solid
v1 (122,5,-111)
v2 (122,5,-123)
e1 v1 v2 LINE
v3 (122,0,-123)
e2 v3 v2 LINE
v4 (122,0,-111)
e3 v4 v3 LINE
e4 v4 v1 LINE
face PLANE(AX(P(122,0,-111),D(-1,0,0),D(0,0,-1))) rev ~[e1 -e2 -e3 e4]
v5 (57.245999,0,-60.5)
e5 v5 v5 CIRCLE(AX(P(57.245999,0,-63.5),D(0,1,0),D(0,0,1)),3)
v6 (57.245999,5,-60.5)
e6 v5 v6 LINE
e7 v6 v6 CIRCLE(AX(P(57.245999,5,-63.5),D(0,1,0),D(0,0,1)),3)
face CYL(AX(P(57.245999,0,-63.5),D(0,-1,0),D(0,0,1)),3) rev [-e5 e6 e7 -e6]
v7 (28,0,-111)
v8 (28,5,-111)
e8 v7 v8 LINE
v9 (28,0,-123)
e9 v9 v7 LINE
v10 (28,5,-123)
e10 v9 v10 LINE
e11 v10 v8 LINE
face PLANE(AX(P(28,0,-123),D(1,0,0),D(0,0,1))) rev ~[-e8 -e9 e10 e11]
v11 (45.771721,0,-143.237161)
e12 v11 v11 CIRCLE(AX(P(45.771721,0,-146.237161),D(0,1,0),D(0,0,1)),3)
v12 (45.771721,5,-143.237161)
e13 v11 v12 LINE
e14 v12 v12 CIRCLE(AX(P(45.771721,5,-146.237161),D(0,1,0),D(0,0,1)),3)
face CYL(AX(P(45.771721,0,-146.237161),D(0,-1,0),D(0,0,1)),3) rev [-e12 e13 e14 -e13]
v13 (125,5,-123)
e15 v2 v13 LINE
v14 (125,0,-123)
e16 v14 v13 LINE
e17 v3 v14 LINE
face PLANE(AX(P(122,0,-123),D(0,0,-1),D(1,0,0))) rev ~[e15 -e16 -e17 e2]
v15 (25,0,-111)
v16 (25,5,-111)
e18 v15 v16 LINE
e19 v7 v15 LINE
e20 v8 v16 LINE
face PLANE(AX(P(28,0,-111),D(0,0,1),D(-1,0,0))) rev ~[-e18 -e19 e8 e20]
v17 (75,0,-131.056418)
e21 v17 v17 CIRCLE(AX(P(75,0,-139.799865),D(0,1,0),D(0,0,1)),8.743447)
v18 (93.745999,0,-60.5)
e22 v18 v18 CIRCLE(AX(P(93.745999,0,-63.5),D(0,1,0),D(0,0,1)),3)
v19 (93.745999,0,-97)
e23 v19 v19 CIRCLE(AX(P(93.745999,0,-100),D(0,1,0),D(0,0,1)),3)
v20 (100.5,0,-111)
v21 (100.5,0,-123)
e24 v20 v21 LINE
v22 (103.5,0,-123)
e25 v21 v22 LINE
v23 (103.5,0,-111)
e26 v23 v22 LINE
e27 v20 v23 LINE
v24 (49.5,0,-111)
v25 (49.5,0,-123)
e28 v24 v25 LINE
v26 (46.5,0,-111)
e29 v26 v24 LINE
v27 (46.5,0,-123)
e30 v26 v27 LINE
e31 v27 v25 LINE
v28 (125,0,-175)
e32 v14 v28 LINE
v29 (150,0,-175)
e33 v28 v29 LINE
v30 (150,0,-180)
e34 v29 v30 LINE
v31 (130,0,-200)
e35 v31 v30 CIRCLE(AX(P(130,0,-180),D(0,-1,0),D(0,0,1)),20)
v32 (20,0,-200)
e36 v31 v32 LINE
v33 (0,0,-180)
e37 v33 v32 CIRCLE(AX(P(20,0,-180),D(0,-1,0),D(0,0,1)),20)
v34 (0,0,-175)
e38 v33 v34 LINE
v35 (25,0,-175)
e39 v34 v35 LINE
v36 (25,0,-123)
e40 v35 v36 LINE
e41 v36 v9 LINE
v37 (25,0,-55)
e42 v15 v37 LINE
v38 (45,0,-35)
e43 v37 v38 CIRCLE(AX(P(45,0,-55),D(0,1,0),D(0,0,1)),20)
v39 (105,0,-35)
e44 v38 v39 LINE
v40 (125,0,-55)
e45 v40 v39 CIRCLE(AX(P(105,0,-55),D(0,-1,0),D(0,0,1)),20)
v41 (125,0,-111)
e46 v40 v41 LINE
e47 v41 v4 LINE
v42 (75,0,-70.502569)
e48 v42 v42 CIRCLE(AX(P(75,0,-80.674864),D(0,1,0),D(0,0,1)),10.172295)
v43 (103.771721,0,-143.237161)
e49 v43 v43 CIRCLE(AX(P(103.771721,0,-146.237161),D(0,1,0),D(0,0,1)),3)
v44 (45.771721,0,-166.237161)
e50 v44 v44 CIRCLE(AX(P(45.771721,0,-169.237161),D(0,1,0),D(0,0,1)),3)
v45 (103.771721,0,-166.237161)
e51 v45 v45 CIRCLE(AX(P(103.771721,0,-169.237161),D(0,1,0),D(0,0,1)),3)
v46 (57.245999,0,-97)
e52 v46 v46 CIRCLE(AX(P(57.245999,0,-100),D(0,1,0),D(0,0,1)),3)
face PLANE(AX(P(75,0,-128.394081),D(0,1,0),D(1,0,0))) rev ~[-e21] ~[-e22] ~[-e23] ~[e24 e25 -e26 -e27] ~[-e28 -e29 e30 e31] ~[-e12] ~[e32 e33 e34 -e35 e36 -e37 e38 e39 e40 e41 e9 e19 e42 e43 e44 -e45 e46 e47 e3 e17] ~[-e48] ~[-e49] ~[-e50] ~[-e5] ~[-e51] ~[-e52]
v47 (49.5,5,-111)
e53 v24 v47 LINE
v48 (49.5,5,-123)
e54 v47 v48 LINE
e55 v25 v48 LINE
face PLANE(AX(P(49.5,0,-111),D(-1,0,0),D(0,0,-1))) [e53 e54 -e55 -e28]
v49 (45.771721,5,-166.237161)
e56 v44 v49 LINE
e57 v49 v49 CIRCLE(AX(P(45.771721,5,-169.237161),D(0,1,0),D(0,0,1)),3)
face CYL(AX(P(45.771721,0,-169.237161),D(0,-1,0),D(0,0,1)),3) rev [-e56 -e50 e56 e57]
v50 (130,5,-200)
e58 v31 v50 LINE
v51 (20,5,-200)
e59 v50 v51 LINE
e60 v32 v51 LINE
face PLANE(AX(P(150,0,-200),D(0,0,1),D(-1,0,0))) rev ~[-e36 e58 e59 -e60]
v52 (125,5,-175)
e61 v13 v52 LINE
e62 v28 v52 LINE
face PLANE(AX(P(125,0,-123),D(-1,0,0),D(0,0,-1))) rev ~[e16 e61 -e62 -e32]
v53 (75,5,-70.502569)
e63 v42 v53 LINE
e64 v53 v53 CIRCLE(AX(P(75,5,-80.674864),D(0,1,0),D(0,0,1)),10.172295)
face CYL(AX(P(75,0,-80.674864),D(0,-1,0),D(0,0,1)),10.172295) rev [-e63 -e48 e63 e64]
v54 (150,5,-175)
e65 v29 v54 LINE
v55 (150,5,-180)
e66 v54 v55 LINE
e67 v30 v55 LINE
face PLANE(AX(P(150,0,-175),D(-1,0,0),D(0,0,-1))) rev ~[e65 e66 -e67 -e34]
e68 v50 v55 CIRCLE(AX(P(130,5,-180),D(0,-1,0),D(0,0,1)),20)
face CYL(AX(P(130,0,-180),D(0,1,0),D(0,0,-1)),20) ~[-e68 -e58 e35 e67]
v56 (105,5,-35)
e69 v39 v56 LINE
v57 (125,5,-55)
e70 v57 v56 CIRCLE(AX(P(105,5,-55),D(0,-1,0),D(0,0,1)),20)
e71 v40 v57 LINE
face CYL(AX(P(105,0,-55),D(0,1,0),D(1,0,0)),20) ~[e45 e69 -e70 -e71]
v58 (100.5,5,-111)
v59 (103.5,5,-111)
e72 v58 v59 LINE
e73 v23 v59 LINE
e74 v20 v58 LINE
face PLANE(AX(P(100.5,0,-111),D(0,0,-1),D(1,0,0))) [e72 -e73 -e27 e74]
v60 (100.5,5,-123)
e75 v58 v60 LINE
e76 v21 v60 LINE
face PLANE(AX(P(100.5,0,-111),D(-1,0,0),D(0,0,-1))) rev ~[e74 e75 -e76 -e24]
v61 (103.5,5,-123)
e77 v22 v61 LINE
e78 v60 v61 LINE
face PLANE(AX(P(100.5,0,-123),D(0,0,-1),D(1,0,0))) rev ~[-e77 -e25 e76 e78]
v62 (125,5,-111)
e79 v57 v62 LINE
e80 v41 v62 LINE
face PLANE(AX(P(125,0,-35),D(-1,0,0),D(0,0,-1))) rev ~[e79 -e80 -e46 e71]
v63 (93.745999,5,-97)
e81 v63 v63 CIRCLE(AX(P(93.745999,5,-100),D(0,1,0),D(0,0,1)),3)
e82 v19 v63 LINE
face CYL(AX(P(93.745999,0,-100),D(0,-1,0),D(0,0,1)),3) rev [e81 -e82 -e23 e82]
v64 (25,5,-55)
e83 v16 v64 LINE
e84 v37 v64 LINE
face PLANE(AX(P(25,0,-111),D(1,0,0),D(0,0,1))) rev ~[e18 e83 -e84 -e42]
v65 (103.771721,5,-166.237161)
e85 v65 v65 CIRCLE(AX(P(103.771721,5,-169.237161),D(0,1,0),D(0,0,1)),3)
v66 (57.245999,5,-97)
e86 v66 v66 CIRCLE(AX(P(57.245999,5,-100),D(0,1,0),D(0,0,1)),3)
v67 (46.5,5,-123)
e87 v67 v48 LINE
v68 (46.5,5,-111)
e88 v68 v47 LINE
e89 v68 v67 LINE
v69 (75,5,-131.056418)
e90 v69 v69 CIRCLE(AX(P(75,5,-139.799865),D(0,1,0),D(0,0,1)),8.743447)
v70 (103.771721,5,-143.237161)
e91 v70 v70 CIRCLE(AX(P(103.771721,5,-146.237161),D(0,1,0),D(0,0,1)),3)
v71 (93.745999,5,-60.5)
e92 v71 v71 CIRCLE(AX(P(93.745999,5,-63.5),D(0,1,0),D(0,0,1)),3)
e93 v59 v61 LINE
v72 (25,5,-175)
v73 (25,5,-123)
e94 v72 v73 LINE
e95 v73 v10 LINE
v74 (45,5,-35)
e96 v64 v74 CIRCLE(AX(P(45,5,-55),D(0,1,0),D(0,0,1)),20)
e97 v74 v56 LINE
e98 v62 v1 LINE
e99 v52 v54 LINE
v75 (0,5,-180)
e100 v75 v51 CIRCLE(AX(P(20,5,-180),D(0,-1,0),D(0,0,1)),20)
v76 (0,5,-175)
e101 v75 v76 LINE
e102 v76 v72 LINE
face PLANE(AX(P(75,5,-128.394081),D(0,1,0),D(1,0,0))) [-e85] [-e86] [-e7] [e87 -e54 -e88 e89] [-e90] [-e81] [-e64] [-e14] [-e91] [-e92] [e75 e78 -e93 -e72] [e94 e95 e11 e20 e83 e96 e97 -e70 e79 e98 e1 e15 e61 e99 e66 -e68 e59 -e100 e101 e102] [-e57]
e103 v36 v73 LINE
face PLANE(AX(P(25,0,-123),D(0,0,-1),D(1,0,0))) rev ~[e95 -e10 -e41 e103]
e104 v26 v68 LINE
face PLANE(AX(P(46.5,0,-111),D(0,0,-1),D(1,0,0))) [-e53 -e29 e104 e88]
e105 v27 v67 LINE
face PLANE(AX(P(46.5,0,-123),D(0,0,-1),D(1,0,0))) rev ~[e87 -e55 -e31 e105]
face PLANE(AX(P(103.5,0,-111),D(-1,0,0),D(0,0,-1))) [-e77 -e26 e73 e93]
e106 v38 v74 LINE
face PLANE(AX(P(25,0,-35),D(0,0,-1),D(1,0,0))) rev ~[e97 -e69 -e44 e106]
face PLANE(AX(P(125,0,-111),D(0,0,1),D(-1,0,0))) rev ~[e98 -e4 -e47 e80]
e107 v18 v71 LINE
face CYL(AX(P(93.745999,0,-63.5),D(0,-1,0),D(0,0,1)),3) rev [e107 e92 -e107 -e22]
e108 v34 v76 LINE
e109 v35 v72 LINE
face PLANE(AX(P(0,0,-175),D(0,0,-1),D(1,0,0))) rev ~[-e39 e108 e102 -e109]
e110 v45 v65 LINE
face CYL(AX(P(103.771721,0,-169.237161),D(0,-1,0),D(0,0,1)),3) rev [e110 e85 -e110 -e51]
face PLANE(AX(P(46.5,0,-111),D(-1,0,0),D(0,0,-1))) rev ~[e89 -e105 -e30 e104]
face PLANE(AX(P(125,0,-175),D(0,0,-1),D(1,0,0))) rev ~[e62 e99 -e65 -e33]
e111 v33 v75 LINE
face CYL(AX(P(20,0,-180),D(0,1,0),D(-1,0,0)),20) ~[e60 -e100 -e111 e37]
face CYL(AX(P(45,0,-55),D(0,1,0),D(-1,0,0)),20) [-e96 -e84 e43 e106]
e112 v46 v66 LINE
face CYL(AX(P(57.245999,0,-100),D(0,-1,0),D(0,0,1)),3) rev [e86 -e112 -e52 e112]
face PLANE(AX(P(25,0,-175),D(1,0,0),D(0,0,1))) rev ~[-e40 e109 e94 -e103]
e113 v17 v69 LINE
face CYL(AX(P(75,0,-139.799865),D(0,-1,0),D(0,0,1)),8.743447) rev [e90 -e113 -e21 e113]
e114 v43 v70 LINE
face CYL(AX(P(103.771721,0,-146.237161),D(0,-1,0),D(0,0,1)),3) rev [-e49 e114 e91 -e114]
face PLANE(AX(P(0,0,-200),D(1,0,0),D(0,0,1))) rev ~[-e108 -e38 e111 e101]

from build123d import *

# Parameters (mm, degrees)
SKETCH1_R           = 8.743447226
SKETCH1_R_2         = 3
SKETCH1_R_3         = 10.172294787
SKETCH1_W           = 3
SKETCH1_H           = 12
BOSS_EXTRUDE1_DEPTH = 5
FILLET3_R           = 20
FILLET4_R           = 20
FILLET5_R           = 20


with BuildPart() as part:
    # Sketch1 → Boss-Extrude1 (new body)
    with BuildSketch(Plane(origin=(0, 0, 0), x_dir=(1, 0, 0), z_dir=(0, 1, 0))):
        Polygon((25, 35), (125, 35), (125, 111), (122, 111), (122, 123), (125, 123), (125, 175), (150, 175), (150, 200), (0, 200), (0, 175), (25, 175), (25, 123), (28, 123), (28, 111), (25, 111), align=None)
        with Locations(Location((75, 139.799864951, 0), (0, 0, 270))):
            Circle(SKETCH1_R, mode=Mode.SUBTRACT)
        with Locations(Location((93.745998674, 100, 0), (0, 0, 270))):
            Circle(SKETCH1_R_2, mode=Mode.SUBTRACT)
        with Locations(Location((93.745998674, 63.5, 0), (0, 0, 270))):
            Circle(SKETCH1_R_2, mode=Mode.SUBTRACT)
        with Locations(Location((75, 80.674864151, 0), (0, 0, 270))):
            Circle(SKETCH1_R_3, mode=Mode.SUBTRACT)
        with Locations(Location((57.245998674, 63.5, 0), (0, 0, 270))):
            Circle(SKETCH1_R_2, mode=Mode.SUBTRACT)
        with Locations(Location((57.245998674, 100, 0), (0, 0, 270))):
            Circle(SKETCH1_R_2, mode=Mode.SUBTRACT)
        with Locations((48, 117)):
            Rectangle(SKETCH1_W, SKETCH1_H, mode=Mode.SUBTRACT)
        with Locations(Location((45.771721368, 146.237160755, 0), (0, 0, 270))):
            Circle(SKETCH1_R_2, mode=Mode.SUBTRACT)
        with Locations(Location((45.771721368, 169.237160755, 0), (0, 0, 270))):
            Circle(SKETCH1_R_2, mode=Mode.SUBTRACT)
        with Locations((102, 117)):
            Rectangle(SKETCH1_W, SKETCH1_H, mode=Mode.SUBTRACT)
        with Locations(Location((103.771721368, 146.237160755, 0), (0, 0, 270))):
            Circle(SKETCH1_R_2, mode=Mode.SUBTRACT)
        with Locations(Location((103.771721368, 169.237160755, 0), (0, 0, 270))):
            Circle(SKETCH1_R_2, mode=Mode.SUBTRACT)
    extrude(amount=BOSS_EXTRUDE1_DEPTH)

    # Fillet3
    fillet3_edges = [part.edges().sort_by_distance(p)[0] for p in [
        (0, 2.5, -200),
    ]]
    fillet(fillet3_edges, radius=FILLET3_R)

    # Fillet4
    fillet4_edges = [part.edges().sort_by_distance(p)[0] for p in [
        (150, 2.5, -200),
    ]]
    fillet(fillet4_edges, radius=FILLET4_R)

    # Fillet5
    fillet5_edges = [part.edges().sort_by_distance(p)[0] for p in [
        (125, 2.5, -35),
        (25, 2.5, -35),
    ]]
    fillet(fillet5_edges, radius=FILLET5_R)


solid = part.part
